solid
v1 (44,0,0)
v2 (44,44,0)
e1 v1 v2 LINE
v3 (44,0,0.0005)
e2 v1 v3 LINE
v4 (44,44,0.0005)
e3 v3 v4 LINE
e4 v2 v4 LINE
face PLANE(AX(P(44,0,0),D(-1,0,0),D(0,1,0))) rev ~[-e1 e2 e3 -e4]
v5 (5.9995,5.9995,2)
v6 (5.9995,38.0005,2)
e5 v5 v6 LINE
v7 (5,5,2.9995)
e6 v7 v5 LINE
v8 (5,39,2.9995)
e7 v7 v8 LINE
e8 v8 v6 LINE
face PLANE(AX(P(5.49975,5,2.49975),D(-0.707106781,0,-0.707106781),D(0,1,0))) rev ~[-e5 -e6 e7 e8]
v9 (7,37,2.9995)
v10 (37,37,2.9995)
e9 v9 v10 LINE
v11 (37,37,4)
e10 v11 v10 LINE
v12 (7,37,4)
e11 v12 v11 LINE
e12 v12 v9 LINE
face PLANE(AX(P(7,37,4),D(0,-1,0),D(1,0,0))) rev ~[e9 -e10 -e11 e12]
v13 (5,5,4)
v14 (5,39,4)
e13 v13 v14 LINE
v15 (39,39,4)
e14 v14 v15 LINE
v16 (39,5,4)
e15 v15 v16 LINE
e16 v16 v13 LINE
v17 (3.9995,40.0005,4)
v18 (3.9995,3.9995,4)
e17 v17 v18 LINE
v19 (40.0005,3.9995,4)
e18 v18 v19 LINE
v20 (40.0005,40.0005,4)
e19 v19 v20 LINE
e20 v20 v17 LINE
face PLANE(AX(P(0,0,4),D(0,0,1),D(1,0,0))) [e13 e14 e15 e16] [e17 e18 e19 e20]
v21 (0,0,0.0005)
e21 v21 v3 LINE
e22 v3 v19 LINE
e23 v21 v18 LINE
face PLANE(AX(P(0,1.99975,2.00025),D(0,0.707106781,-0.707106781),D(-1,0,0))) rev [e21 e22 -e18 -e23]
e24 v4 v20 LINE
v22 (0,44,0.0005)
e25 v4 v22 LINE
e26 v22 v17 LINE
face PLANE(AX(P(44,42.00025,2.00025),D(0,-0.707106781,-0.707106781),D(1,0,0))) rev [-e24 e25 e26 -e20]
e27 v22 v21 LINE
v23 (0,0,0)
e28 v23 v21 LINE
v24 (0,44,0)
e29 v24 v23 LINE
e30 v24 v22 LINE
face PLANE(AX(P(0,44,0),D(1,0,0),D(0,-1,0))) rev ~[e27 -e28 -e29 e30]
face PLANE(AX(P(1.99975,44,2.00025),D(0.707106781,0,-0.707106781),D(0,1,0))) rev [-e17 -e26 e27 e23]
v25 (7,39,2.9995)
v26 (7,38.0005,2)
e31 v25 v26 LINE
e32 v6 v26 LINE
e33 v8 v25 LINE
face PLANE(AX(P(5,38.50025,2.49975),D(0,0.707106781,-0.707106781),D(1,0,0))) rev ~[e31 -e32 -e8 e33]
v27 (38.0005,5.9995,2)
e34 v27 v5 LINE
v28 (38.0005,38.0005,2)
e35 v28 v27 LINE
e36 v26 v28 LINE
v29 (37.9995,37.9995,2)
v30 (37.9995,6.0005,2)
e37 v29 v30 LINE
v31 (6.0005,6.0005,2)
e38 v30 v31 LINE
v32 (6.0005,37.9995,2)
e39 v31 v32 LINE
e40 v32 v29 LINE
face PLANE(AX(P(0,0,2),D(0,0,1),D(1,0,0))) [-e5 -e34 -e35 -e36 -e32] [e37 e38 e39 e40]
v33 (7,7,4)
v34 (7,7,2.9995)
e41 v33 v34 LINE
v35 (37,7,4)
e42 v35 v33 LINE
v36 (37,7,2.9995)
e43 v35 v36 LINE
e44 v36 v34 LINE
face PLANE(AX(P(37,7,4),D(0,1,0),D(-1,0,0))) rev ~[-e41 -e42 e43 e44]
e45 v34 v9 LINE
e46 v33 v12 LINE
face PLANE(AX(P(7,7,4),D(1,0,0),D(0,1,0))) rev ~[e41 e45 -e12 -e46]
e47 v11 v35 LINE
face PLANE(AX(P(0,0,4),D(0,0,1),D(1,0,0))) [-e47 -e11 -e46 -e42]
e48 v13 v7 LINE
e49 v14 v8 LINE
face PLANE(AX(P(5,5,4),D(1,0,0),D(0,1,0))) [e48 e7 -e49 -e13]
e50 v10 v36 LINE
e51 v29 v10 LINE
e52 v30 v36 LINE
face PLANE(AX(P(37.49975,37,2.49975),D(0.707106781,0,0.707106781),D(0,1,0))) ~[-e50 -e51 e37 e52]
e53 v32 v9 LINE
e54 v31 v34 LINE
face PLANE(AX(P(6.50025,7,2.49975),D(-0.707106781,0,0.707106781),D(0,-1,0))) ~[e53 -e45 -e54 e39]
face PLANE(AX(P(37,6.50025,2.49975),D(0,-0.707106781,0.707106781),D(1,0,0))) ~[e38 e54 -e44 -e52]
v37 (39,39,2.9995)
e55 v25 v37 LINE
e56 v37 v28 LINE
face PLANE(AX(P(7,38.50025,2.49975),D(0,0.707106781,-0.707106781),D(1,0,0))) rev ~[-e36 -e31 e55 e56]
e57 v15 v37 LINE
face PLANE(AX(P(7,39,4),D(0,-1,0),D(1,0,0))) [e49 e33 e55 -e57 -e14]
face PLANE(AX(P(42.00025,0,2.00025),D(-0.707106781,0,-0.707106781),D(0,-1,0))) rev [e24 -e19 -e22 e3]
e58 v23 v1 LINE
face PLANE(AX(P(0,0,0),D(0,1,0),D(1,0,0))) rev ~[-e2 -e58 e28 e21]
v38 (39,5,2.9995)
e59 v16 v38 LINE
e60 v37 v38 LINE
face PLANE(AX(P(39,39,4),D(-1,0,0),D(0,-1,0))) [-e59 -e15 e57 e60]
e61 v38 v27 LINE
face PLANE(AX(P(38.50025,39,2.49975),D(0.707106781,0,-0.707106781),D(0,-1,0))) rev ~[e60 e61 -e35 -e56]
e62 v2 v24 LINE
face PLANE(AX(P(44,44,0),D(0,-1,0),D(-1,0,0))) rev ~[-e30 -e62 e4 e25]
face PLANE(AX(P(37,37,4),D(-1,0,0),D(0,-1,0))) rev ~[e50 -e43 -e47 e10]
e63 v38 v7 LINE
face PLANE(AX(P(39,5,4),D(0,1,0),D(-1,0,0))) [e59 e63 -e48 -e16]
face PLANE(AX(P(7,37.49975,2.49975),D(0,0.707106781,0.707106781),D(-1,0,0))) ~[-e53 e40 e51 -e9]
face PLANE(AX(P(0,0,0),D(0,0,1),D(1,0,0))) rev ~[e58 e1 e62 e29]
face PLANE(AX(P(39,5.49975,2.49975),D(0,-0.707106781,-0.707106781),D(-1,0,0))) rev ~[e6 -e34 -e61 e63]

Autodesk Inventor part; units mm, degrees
ref_plane "YZ Plane" through (0, 0, 0) normal (1, 0, 0) x (0, 1, 0)
ref_plane "XZ Plane" through (0, 0, 0) normal (0, 1, 0) x (-1, 0, 0)
ref_plane "XY Plane" through (0, 0, 0) normal (0, 0, 1) x (1, 0, 0)
sketch "Sketch1" plane through (0, 0, 0) normal (0, 0, 1) x (1, 0, 0)
  line L0 (0, 0) -> (44, 0)
  line L1 (44, 0) -> (44, 44)
  line L2 (44, 44) -> (0, 44)
  line L3 (0, 44) -> (0, 0)
  dimension "d0" = 44
  dimension "d1" = 44
extrude "Extrusion1" add sketch "Sketch1" along normal blind 4
chamfer "Chamfer1" distance 4 angle 45 4 edges at (22, 44, 4) (44, 22, 4) (22, 0, 4) (0, 22, 4)
sketch "Sketch2" plane through (0, 0, 4) normal (0, 0, 1) x (1, 0, 0)
  line L0 (40, 4) -> (4, 4) projected
  line L1 (40, 40) -> (40, 4) projected
  line L2 (4, 40) -> (40, 40) projected
  line L3 (4, 4) -> (4, 40) projected
  line L4 (4, 40) -> (40, 40) projected
  line L5 (4, 40) -> (5, 40)
  line L6 (5, 40) -> (5, 39)
  line L7 (5, 39) -> (39, 39)
  line L8 (39, 39) -> (39, 5)
  line L9 (39, 5) -> (5, 5)
  line L10 (5, 5) -> (5, 39)
  line L11 (5, 39) -> (7, 39)
  line L12 (7, 39) -> (7, 37)
  line L13 (7, 37) -> (37, 37)
  line L14 (37, 37) -> (37, 7)
  line L15 (37, 7) -> (7, 7)
  line L16 (7, 7) -> (7, 37)
  point P0 (0, 0)
  dimension "d7" = 1
  dimension "d8" = 1
  dimension "d9" = 34
  dimension "d10" = 34
  dimension "d11" = 2
  dimension "d12" = 2
  dimension "d13" = 30
  dimension "d14" = 30
extrude "Extrusion2" cut sketch "Sketch2" against normal blind 2 contours L7 L8 L9 L10
chamfer "Chamfer2" distance 1 angle 45 8 edges at (22, 37, 2) (22, 39, 2) (5, 22, 2) (22, 7, 2) (7, 22, 2) (22, 5, 2) (37, 22, 2) (39, 22, 2)
properties part number "clear-square-notched"
